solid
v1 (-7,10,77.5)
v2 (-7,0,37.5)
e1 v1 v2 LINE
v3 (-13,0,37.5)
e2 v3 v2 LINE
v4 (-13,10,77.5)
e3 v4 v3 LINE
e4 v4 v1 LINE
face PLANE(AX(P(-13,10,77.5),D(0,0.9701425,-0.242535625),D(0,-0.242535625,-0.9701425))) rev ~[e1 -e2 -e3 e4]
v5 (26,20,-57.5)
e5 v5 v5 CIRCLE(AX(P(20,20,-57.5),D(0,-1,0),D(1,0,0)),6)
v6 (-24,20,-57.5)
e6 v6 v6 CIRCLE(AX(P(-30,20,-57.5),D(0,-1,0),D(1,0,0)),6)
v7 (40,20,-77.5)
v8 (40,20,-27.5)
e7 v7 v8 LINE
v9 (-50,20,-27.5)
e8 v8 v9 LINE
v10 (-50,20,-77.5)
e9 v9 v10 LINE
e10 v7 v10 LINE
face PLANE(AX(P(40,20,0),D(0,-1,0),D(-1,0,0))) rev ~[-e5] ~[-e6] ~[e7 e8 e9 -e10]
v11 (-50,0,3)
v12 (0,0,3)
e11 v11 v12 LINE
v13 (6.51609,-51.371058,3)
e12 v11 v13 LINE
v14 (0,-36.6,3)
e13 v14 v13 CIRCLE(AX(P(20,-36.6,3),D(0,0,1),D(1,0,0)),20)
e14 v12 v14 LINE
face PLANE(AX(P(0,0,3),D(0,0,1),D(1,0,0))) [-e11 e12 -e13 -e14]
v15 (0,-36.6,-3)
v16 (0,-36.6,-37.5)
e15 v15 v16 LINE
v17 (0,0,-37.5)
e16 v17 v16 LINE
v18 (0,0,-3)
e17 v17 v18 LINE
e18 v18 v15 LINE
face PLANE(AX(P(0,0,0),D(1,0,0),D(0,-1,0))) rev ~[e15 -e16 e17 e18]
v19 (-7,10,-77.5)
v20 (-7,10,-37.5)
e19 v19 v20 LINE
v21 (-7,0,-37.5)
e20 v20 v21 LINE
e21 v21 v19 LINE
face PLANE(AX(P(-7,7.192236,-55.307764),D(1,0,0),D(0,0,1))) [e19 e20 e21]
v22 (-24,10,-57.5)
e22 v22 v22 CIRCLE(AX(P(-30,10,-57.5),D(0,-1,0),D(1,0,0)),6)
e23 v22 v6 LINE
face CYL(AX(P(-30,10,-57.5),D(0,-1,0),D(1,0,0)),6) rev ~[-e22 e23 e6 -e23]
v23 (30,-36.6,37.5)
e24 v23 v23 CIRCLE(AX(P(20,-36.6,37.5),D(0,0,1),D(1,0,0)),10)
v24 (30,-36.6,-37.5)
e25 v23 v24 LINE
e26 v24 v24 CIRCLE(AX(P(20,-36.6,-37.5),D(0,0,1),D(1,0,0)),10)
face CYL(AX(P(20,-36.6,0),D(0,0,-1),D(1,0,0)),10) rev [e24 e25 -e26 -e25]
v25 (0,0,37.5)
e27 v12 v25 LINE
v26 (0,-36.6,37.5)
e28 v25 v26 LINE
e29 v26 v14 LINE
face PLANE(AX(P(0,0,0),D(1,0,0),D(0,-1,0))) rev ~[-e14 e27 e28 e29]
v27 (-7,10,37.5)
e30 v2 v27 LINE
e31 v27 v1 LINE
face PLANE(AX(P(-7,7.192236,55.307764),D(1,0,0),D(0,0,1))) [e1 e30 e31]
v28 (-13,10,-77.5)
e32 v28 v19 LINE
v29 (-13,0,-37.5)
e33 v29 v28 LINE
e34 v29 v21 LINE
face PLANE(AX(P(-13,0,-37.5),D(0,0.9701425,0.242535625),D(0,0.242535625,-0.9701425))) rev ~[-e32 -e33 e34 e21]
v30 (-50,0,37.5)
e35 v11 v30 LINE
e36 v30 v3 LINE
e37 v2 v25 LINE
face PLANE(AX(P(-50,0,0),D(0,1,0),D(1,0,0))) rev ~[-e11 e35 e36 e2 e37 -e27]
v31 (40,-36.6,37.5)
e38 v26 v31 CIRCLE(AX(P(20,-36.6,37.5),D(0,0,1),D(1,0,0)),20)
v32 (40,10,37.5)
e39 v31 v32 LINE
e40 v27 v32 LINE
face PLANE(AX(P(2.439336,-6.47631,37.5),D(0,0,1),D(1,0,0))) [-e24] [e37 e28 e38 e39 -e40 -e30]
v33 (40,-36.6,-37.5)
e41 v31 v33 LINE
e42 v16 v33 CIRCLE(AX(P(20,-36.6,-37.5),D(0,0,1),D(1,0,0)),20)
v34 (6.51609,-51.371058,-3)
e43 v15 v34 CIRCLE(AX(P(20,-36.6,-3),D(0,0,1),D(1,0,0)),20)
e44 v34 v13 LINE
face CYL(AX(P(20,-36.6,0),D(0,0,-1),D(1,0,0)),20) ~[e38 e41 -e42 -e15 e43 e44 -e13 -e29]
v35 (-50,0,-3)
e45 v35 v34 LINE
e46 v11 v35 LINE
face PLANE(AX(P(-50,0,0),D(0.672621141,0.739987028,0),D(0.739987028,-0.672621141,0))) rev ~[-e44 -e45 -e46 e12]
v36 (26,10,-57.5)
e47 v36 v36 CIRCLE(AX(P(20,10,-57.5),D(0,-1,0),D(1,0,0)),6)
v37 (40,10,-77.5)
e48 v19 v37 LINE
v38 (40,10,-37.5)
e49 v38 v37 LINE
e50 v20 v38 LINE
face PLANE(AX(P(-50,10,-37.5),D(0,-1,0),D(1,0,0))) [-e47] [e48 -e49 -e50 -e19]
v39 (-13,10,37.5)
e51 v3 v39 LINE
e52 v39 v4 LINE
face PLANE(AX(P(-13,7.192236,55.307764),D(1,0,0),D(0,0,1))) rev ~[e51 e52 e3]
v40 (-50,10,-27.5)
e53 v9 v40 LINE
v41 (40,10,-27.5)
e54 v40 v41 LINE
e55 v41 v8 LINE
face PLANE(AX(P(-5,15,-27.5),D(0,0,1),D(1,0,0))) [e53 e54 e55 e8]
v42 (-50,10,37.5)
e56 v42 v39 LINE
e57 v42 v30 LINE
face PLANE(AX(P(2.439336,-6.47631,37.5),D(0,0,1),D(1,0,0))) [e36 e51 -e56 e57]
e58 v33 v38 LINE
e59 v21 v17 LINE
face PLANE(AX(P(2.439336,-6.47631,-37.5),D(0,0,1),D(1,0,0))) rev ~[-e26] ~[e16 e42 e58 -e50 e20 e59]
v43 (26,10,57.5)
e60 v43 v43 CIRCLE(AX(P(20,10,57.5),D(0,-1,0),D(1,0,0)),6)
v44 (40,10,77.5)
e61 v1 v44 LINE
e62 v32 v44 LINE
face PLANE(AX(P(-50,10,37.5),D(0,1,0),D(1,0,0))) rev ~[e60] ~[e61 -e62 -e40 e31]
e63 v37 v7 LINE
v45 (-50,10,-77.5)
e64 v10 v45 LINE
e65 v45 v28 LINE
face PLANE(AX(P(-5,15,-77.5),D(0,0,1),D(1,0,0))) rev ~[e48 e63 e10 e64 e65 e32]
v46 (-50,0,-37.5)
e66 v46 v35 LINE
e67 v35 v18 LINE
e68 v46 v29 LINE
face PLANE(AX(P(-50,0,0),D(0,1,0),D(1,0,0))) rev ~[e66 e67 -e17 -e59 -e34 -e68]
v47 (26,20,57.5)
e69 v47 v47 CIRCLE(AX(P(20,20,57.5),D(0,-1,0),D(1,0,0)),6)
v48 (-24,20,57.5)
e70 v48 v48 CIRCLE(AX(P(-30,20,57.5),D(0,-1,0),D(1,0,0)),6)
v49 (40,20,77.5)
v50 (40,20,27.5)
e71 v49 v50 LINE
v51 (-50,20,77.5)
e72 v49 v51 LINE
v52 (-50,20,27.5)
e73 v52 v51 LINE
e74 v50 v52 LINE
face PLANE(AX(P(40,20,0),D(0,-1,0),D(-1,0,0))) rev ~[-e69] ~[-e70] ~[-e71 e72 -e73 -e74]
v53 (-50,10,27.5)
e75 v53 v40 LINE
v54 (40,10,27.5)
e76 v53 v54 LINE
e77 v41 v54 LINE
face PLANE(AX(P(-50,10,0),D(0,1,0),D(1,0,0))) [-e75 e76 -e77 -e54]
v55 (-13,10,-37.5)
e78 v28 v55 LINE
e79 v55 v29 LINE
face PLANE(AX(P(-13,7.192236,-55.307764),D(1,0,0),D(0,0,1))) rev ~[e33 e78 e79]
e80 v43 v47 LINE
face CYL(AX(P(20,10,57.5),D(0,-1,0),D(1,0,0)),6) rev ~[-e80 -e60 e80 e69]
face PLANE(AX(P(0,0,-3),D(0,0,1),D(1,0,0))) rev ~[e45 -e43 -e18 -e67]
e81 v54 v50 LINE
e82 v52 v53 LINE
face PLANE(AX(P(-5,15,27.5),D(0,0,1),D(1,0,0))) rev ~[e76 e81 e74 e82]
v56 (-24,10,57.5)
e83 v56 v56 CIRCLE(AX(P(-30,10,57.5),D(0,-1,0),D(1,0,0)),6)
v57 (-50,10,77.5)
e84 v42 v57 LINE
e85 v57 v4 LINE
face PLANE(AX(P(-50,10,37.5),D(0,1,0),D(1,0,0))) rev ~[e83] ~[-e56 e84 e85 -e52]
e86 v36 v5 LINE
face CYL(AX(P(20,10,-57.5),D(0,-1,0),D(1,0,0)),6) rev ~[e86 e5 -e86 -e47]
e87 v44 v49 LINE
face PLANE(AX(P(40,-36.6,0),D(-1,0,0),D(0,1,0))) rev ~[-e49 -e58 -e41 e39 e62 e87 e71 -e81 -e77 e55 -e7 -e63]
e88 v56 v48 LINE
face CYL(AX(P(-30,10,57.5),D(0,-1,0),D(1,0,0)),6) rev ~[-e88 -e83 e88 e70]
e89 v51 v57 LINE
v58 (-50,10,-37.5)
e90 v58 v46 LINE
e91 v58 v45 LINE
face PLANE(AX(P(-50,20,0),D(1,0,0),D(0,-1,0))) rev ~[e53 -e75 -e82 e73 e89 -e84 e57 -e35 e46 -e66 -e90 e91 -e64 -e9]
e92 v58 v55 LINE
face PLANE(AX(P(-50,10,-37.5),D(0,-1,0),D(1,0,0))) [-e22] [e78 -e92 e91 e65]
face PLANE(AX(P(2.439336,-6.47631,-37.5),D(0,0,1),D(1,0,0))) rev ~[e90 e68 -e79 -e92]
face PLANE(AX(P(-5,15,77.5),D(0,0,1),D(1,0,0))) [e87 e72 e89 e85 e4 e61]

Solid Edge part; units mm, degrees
sketch "Sketch1" plane through (0, 0, 0) normal (0, 0, 1) x (1, 0, 0)
  line L0 (-50, 0) -> (0, 0)
  line L1 (0, 0) -> (0, -36.6)
  arc A0 (0, -36.6) -> (40, -36.6) centre (20, -36.6) ccw
  line L2 (-50, 0) -> (6.5476, -51.3997)
extrude "Protrusion1" add sketch "Sketch1" along normal mid plane 6 material side at (-25, -0.05, 0)
sketch "Sketch2" plane through (0, 0, 0) normal (0, 0, 1) x (1, 0, 0)
  line L0 (40, 20) -> (-50, 20)
  line L1 (-50, 20) -> (-50, 0)
  line L2 (-50, 0) -> (0, 0)
  line L3 (0, 0) -> (0, -36.6)
  arc A0 (0, -36.6) -> (40, -36.6) centre (20, -36.6) ccw
  line L4 (40, -36.6) -> (40, 20)
  circle A1 centre (20, -36.6) radius 10
extrude "ExtrudedProtrusion_2" add sketch "Sketch2" along normal mid plane 75
sketch "Sketch3" plane through (0, 0, 0) normal (0, 0, 1) x (1, 0, 0)
  line L0 (-50, 10) -> (40, 10)
  line L1 (40, 10) -> (40, 20)
  line L2 (40, 20) -> (-50, 20)
  line L3 (-50, 20) -> (-50, 10)
extrude "ExtrudedCutout_4" cut sketch "Sketch3" along normal mid plane 55
sketch "Sketch4" plane through (-5, -18.3, 37.5) normal (0, 0, 1) x (0, 1, 0)
  line L0 (38.3, 45) -> (28.3, 45)
  line L1 (28.3, 45) -> (28.3, -45)
  line L2 (28.3, -45) -> (38.3, -45)
  line L3 (38.3, -45) -> (38.3, 45)
extrude "ExtrudedProtrusion_5" add sketch "Sketch4" along normal blind 40
sketch "Sketch5" plane through (40, 20, -37.5) normal (0, 0, -1) x (0, -1, 0)
  line L0 (10, 0) -> (0, 0)
  line L1 (0, 0) -> (0, 90)
  line L2 (0, 90) -> (10, 90)
  line L3 (10, 90) -> (10, 0)
extrude "ExtrudedProtrusion_6" add sketch "Sketch5" along normal blind 40
sketch "Sketch6" plane through (-5, 10, 57.5) normal (0, -1, 0) x (1, 0, 0)
  circle A0 centre (25, 0) radius 6
  circle A1 centre (-25, 0) radius 6
  circle A2 centre (25, -115) radius 6
  circle A3 centre (-25, -115) radius 6
extrude "ExtrudedCutout_5" cut sketch "Sketch6" against normal blind 100
sketch "Sketch7" plane through (-13, 10, 0) normal (-1, 0, 0) x (0, 0, -1)
  line L0 (-77.5, 0) -> (-37.5, 10)
  line L1 (-37.5, 10) -> (-37.5, 0)
  line L2 (-37.5, 0) -> (-77.5, 0)
  line L3 (37.5, 10) -> (77.5, 0)
  line L4 (77.5, 0) -> (37.5, 0)
  line L5 (37.5, 0) -> (37.5, 10)
extrude "ExtrudedProtrusion_7" add sketch "Sketch7" against normal blind 6
